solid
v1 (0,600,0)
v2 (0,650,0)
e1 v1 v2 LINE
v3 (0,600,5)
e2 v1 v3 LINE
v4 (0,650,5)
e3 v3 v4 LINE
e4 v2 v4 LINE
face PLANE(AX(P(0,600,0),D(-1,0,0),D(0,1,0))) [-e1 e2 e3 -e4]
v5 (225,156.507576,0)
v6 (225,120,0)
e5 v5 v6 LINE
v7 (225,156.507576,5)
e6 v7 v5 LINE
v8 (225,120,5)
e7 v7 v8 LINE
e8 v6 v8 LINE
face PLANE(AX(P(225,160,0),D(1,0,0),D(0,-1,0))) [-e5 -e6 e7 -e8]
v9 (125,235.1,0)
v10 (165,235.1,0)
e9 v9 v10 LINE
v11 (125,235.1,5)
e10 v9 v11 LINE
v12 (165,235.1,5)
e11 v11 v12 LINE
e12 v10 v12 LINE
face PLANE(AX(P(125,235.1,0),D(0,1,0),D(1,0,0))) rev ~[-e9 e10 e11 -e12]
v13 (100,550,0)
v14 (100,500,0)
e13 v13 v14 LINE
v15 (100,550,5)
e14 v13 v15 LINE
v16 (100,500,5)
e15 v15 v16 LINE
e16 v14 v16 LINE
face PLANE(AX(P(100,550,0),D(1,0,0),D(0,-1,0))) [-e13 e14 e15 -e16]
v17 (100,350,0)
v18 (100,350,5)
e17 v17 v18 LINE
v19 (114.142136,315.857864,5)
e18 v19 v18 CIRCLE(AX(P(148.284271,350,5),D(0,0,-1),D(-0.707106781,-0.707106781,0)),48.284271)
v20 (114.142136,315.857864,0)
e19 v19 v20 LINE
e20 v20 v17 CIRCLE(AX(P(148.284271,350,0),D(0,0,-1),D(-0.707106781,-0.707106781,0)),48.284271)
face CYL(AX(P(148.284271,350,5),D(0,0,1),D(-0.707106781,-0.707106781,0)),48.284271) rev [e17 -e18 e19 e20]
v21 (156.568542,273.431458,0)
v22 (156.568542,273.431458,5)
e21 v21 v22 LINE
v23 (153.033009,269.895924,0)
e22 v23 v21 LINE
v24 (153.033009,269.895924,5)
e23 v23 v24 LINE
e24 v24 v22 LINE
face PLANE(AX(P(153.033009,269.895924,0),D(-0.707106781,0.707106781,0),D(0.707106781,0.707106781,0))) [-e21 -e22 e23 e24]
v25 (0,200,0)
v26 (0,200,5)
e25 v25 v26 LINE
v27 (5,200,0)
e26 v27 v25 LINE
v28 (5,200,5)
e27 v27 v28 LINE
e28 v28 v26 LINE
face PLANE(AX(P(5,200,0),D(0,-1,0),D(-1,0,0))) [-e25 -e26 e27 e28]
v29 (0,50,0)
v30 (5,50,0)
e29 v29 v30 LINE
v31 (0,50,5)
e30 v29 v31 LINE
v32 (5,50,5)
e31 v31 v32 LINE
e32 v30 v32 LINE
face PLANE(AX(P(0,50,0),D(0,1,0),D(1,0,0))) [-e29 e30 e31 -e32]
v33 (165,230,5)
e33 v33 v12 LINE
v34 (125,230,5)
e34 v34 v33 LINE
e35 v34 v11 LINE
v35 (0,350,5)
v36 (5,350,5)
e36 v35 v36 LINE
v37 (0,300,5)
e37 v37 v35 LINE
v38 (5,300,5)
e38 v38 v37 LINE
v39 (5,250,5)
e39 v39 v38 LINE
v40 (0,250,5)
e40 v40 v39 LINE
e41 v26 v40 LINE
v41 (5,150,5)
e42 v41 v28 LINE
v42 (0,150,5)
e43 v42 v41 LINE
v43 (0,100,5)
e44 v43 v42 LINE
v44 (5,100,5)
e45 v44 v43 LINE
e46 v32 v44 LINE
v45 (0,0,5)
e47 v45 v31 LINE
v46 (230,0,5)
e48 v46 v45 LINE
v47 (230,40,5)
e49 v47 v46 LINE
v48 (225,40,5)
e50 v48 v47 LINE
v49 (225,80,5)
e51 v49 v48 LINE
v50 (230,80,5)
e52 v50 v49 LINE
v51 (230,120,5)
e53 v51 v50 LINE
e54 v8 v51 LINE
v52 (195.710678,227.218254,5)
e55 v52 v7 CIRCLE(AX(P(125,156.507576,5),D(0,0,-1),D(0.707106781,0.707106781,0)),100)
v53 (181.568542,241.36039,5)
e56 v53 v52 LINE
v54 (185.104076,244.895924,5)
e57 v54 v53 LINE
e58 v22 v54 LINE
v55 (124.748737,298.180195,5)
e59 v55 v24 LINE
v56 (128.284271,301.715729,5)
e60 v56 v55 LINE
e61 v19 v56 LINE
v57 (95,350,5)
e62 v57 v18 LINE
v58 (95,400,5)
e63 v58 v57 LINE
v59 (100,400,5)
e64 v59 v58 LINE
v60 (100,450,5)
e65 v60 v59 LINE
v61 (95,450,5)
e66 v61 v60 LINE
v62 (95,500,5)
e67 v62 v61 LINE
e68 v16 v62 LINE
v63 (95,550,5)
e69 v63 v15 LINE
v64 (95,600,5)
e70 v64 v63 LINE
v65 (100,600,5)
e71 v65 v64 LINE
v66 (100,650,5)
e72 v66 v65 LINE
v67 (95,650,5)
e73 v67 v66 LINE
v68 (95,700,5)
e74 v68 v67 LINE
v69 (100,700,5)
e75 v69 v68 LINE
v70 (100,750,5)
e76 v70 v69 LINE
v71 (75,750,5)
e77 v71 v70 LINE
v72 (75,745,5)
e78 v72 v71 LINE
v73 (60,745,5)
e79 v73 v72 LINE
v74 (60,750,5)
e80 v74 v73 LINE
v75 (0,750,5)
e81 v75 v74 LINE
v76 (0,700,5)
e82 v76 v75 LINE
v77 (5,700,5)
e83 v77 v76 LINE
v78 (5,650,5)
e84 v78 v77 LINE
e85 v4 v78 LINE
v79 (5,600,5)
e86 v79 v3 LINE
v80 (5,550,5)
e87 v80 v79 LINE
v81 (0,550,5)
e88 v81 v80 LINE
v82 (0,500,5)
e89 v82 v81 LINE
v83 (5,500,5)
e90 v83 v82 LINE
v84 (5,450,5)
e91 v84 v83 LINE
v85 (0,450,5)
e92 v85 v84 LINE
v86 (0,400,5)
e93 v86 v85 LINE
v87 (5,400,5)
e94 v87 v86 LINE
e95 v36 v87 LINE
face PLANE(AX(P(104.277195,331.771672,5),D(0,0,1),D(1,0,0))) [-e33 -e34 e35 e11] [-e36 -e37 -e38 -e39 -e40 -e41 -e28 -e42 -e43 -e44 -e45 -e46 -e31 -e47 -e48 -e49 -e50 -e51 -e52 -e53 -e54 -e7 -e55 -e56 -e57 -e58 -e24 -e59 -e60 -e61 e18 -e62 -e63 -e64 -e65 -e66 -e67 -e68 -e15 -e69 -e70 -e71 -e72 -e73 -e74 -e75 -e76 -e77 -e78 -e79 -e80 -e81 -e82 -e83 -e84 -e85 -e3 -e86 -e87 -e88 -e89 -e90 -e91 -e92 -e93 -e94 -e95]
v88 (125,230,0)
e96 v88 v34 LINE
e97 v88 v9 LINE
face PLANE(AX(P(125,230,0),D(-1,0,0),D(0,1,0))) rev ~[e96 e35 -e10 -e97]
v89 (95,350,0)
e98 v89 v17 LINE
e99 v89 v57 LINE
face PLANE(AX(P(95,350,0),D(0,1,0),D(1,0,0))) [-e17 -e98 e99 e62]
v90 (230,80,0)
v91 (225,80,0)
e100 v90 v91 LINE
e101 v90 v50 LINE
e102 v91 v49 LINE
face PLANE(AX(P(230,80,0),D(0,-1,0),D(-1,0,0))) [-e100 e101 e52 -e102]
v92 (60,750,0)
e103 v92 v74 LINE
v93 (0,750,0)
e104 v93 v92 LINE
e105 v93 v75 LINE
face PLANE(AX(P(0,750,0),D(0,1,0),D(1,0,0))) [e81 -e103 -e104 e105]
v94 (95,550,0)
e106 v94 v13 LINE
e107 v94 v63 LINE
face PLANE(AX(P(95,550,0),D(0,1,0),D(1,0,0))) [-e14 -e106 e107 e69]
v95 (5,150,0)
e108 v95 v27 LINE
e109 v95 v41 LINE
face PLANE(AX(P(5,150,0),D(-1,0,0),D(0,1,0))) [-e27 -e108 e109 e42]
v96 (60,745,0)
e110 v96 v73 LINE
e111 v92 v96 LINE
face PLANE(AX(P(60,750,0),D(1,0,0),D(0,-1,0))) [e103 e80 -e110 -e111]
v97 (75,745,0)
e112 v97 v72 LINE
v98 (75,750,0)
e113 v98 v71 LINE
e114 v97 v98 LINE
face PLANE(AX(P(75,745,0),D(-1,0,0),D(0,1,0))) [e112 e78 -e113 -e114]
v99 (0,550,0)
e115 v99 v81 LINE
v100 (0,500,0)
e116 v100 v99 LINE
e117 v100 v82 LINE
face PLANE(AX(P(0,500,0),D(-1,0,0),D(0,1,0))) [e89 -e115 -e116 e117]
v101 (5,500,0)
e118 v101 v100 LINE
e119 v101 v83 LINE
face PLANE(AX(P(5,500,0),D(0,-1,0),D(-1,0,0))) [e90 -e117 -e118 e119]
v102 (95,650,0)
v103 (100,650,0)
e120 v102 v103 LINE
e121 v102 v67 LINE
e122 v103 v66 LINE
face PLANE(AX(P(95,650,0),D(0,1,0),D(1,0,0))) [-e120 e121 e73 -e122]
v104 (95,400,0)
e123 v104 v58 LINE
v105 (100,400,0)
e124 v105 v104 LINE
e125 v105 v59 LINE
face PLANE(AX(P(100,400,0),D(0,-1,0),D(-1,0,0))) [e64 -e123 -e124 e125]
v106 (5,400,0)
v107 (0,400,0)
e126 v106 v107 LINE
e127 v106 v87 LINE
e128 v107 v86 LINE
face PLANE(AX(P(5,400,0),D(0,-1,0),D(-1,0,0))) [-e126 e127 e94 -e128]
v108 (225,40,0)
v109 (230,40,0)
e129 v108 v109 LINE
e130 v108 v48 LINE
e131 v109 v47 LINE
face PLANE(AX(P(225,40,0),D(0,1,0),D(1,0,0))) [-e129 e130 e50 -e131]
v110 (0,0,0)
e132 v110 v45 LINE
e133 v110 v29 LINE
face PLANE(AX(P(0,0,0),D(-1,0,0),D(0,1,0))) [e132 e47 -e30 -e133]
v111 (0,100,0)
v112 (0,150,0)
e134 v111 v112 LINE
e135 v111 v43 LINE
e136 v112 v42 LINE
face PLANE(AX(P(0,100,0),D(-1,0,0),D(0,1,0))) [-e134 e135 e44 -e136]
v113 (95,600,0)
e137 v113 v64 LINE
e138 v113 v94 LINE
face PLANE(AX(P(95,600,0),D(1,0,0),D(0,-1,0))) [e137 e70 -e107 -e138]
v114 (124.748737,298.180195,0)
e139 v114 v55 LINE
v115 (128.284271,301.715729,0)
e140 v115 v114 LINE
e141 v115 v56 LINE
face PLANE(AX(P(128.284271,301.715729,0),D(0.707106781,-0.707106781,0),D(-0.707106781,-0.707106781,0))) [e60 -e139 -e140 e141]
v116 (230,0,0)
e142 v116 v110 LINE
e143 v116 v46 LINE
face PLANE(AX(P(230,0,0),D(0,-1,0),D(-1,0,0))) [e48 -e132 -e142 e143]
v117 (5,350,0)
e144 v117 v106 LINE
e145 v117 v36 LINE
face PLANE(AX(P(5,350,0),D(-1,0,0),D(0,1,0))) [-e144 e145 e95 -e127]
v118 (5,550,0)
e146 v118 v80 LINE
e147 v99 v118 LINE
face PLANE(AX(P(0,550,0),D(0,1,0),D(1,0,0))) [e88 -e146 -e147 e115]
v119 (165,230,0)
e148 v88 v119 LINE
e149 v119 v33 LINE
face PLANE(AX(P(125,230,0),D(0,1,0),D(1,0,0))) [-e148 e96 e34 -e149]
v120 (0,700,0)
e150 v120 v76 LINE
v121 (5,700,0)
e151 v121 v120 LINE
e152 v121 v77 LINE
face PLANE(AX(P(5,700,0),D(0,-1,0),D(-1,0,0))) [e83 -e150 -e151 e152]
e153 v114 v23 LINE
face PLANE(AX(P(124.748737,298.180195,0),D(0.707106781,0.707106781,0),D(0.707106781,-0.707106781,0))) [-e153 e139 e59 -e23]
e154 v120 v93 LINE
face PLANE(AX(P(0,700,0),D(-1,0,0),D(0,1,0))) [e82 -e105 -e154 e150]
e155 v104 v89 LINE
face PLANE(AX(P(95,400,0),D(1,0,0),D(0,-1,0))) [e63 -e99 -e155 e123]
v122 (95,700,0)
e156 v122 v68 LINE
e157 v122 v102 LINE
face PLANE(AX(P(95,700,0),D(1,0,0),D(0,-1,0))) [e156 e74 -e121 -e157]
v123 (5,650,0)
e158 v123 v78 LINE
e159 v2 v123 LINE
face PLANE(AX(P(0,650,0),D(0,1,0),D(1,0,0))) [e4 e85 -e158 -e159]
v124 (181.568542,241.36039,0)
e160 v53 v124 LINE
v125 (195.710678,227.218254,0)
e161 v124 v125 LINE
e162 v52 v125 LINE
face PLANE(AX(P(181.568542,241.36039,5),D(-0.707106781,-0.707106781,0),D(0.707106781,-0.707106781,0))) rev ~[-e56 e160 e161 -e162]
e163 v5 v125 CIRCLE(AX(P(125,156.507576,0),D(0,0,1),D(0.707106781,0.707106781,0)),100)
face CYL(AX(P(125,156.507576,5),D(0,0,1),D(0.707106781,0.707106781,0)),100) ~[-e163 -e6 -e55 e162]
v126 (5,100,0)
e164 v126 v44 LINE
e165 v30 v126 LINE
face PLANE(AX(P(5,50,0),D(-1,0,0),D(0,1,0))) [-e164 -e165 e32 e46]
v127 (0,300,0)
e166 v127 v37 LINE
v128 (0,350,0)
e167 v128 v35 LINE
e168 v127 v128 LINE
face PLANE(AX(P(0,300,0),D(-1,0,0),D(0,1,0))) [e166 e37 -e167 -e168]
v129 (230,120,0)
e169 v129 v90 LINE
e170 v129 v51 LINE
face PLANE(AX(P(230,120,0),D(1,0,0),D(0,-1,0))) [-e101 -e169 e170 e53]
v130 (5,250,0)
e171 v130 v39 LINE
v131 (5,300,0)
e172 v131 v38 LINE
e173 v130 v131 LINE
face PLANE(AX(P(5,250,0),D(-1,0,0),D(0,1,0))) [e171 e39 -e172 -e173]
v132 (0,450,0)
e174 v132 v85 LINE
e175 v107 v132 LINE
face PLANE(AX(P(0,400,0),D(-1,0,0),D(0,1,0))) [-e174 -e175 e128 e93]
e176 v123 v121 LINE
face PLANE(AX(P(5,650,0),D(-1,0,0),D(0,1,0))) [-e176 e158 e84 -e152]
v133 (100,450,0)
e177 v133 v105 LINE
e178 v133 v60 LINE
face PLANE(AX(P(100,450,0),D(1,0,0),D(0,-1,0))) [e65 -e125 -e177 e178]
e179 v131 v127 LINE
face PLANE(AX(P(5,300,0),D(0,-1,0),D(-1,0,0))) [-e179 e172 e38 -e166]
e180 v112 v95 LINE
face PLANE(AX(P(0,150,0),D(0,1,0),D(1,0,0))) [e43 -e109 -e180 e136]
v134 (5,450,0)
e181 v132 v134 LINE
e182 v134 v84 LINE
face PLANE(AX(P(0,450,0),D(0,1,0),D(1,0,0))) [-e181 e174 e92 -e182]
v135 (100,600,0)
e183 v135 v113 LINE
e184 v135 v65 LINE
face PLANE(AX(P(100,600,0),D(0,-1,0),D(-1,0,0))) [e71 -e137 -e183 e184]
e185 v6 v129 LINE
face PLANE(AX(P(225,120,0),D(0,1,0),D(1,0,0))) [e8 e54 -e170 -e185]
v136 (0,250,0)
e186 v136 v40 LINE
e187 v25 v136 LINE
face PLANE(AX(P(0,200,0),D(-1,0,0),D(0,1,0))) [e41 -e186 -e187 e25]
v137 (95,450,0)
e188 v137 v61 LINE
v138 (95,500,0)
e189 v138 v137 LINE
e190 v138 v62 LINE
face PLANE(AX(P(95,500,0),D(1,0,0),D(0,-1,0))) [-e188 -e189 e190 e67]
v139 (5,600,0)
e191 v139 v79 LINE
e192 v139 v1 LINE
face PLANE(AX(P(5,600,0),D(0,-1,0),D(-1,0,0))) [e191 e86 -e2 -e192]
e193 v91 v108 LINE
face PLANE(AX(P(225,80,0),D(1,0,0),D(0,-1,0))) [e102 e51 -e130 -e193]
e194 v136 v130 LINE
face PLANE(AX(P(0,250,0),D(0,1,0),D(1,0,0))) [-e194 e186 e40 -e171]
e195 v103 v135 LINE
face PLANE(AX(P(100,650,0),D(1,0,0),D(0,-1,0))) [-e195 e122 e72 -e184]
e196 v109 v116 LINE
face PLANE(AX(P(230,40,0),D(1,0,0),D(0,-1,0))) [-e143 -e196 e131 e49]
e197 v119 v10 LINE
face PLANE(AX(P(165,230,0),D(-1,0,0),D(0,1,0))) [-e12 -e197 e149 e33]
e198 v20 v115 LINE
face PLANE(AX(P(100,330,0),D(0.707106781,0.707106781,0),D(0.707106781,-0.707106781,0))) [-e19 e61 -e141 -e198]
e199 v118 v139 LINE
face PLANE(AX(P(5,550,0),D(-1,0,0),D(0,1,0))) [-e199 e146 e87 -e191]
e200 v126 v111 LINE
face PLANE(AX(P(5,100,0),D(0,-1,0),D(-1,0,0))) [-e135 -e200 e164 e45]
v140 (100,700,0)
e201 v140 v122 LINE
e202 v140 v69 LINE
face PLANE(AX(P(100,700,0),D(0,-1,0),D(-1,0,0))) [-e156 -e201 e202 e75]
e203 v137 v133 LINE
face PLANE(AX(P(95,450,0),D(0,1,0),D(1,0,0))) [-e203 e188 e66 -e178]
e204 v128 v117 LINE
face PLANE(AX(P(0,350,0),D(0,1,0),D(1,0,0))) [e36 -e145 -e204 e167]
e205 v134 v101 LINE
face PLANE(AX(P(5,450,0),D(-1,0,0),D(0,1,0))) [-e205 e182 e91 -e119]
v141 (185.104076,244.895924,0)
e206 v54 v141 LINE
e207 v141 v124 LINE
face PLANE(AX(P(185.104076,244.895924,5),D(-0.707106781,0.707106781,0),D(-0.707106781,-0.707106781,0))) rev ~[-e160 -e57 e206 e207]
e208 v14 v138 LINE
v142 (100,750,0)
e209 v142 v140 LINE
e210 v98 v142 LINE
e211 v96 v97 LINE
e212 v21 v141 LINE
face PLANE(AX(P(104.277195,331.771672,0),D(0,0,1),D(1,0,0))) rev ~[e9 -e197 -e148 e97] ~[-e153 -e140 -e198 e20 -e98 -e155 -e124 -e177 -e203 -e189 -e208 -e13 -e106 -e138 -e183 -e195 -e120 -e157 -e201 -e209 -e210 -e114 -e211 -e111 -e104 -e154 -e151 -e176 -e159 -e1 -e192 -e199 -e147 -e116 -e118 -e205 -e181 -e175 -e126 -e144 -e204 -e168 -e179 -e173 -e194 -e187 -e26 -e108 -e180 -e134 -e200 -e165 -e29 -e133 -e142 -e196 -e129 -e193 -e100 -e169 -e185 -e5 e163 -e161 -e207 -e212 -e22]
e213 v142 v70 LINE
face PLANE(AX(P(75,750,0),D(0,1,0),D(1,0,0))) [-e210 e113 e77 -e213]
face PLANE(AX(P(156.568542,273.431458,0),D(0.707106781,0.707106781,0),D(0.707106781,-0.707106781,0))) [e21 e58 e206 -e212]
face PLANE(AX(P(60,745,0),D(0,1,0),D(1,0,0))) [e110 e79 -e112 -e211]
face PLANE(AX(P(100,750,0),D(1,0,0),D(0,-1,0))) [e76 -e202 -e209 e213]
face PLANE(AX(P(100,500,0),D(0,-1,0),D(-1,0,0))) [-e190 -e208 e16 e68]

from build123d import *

# Parameters (mm, degrees)
ESQUISSE1_W             = 40
ESQUISSE1_H             = 5.1
BOSS_EXTRU_1_DEPTH      = 5
ENL_V_MAT_EXTRU_1_REACH = 7
BOSS_EXTRU_2_DEPTH      = 5


with BuildPart() as part:
    # Esquisse1 → Boss.-Extru.1 (new body)
    with BuildSketch(Plane.XY):
        Polygon((100, 330), (128.284271247, 301.715728753), (124.748737342, 298.180194847), (153.033008589, 269.895923599), (156.568542495, 273.431457505), (199.901875828, 230.098124172), (196.366341922, 226.562590266), (211.415404008, 211.51352818), (214.950937914, 215.049062086), (230, 200), (230, 160), (225, 160), (225, 120), (230, 120), (230, 80), (225, 80), (225, 40), (230, 40), (230, 0), (0, 0), (0, 50), (5, 50), (5, 100), (0, 100), (0, 150), (5, 150), (5, 200), (0, 200), (0, 250), (5, 250), (5, 300), (0, 300), (0, 350), (5, 350), (5, 400), (0, 400), (0, 450), (5, 450), (5, 500), (0, 500), (0, 550), (5, 550), (5, 600), (0, 600), (0, 650), (5, 650), (5, 700), (0, 700), (0, 750), (60, 750), (60, 745), (75, 745), (75, 750), (100, 750), (100, 700), (95, 700), (95, 650), (100, 650), (100, 600), (95, 600), (95, 550), (100, 550), (100, 500), (95, 500), (95, 450), (100, 450), (100, 400), (95, 400), (95, 350), (100, 350), align=None)
        with Locations((145, 232.55)):
            Rectangle(ESQUISSE1_W, ESQUISSE1_H, mode=Mode.SUBTRACT)
    extrude(amount=BOSS_EXTRU_1_DEPTH)

    # Esquisse3 → Enlèv. mat.-Extru.1 (cut, up to next)
    with BuildSketch(Plane.XY.offset(5), mode=Mode.PRIVATE) as enl_v_mat_extru_1_sk1:
        with BuildLine():
            Line((225, 156.507575951), (230, 156.507575951))
            Line((230, 156.507575951), (230, 200))
            Line((230, 200), (185.104076401, 244.895923599))
            Line((185.104076401, 244.895923599), (181.568542495, 241.360389693))
            Line((181.568542495, 241.360389693), (195.710678119, 227.218254069))
            ThreePointArc((195.710678119, 227.218254069), (217.387953251, 194.775919187), (225, 156.507575951))
        make_face()
    enl_v_mat_extru_1_tool1 = extrude(enl_v_mat_extru_1_sk1.sketch, amount=-ENL_V_MAT_EXTRU_1_REACH, mode=Mode.PRIVATE) & part.part
    add(enl_v_mat_extru_1_tool1.solids().sort_by_distance((215.711514, 201.173028, 5))[0], mode=Mode.SUBTRACT)

    # Esquisse4 → Boss.-Extru.2 (add)
    with BuildSketch(Plane.XY.offset(5)):
        with BuildLine():
            Line((100, 350), (100, 330))
            Line((100, 330), (114.142135624, 315.857864376))
            ThreePointArc((114.142135624, 315.857864376), (103.6754213, 331.52240935), (100, 350))
        make_face()
    extrude(amount=-BOSS_EXTRU_2_DEPTH)


solid = part.part
